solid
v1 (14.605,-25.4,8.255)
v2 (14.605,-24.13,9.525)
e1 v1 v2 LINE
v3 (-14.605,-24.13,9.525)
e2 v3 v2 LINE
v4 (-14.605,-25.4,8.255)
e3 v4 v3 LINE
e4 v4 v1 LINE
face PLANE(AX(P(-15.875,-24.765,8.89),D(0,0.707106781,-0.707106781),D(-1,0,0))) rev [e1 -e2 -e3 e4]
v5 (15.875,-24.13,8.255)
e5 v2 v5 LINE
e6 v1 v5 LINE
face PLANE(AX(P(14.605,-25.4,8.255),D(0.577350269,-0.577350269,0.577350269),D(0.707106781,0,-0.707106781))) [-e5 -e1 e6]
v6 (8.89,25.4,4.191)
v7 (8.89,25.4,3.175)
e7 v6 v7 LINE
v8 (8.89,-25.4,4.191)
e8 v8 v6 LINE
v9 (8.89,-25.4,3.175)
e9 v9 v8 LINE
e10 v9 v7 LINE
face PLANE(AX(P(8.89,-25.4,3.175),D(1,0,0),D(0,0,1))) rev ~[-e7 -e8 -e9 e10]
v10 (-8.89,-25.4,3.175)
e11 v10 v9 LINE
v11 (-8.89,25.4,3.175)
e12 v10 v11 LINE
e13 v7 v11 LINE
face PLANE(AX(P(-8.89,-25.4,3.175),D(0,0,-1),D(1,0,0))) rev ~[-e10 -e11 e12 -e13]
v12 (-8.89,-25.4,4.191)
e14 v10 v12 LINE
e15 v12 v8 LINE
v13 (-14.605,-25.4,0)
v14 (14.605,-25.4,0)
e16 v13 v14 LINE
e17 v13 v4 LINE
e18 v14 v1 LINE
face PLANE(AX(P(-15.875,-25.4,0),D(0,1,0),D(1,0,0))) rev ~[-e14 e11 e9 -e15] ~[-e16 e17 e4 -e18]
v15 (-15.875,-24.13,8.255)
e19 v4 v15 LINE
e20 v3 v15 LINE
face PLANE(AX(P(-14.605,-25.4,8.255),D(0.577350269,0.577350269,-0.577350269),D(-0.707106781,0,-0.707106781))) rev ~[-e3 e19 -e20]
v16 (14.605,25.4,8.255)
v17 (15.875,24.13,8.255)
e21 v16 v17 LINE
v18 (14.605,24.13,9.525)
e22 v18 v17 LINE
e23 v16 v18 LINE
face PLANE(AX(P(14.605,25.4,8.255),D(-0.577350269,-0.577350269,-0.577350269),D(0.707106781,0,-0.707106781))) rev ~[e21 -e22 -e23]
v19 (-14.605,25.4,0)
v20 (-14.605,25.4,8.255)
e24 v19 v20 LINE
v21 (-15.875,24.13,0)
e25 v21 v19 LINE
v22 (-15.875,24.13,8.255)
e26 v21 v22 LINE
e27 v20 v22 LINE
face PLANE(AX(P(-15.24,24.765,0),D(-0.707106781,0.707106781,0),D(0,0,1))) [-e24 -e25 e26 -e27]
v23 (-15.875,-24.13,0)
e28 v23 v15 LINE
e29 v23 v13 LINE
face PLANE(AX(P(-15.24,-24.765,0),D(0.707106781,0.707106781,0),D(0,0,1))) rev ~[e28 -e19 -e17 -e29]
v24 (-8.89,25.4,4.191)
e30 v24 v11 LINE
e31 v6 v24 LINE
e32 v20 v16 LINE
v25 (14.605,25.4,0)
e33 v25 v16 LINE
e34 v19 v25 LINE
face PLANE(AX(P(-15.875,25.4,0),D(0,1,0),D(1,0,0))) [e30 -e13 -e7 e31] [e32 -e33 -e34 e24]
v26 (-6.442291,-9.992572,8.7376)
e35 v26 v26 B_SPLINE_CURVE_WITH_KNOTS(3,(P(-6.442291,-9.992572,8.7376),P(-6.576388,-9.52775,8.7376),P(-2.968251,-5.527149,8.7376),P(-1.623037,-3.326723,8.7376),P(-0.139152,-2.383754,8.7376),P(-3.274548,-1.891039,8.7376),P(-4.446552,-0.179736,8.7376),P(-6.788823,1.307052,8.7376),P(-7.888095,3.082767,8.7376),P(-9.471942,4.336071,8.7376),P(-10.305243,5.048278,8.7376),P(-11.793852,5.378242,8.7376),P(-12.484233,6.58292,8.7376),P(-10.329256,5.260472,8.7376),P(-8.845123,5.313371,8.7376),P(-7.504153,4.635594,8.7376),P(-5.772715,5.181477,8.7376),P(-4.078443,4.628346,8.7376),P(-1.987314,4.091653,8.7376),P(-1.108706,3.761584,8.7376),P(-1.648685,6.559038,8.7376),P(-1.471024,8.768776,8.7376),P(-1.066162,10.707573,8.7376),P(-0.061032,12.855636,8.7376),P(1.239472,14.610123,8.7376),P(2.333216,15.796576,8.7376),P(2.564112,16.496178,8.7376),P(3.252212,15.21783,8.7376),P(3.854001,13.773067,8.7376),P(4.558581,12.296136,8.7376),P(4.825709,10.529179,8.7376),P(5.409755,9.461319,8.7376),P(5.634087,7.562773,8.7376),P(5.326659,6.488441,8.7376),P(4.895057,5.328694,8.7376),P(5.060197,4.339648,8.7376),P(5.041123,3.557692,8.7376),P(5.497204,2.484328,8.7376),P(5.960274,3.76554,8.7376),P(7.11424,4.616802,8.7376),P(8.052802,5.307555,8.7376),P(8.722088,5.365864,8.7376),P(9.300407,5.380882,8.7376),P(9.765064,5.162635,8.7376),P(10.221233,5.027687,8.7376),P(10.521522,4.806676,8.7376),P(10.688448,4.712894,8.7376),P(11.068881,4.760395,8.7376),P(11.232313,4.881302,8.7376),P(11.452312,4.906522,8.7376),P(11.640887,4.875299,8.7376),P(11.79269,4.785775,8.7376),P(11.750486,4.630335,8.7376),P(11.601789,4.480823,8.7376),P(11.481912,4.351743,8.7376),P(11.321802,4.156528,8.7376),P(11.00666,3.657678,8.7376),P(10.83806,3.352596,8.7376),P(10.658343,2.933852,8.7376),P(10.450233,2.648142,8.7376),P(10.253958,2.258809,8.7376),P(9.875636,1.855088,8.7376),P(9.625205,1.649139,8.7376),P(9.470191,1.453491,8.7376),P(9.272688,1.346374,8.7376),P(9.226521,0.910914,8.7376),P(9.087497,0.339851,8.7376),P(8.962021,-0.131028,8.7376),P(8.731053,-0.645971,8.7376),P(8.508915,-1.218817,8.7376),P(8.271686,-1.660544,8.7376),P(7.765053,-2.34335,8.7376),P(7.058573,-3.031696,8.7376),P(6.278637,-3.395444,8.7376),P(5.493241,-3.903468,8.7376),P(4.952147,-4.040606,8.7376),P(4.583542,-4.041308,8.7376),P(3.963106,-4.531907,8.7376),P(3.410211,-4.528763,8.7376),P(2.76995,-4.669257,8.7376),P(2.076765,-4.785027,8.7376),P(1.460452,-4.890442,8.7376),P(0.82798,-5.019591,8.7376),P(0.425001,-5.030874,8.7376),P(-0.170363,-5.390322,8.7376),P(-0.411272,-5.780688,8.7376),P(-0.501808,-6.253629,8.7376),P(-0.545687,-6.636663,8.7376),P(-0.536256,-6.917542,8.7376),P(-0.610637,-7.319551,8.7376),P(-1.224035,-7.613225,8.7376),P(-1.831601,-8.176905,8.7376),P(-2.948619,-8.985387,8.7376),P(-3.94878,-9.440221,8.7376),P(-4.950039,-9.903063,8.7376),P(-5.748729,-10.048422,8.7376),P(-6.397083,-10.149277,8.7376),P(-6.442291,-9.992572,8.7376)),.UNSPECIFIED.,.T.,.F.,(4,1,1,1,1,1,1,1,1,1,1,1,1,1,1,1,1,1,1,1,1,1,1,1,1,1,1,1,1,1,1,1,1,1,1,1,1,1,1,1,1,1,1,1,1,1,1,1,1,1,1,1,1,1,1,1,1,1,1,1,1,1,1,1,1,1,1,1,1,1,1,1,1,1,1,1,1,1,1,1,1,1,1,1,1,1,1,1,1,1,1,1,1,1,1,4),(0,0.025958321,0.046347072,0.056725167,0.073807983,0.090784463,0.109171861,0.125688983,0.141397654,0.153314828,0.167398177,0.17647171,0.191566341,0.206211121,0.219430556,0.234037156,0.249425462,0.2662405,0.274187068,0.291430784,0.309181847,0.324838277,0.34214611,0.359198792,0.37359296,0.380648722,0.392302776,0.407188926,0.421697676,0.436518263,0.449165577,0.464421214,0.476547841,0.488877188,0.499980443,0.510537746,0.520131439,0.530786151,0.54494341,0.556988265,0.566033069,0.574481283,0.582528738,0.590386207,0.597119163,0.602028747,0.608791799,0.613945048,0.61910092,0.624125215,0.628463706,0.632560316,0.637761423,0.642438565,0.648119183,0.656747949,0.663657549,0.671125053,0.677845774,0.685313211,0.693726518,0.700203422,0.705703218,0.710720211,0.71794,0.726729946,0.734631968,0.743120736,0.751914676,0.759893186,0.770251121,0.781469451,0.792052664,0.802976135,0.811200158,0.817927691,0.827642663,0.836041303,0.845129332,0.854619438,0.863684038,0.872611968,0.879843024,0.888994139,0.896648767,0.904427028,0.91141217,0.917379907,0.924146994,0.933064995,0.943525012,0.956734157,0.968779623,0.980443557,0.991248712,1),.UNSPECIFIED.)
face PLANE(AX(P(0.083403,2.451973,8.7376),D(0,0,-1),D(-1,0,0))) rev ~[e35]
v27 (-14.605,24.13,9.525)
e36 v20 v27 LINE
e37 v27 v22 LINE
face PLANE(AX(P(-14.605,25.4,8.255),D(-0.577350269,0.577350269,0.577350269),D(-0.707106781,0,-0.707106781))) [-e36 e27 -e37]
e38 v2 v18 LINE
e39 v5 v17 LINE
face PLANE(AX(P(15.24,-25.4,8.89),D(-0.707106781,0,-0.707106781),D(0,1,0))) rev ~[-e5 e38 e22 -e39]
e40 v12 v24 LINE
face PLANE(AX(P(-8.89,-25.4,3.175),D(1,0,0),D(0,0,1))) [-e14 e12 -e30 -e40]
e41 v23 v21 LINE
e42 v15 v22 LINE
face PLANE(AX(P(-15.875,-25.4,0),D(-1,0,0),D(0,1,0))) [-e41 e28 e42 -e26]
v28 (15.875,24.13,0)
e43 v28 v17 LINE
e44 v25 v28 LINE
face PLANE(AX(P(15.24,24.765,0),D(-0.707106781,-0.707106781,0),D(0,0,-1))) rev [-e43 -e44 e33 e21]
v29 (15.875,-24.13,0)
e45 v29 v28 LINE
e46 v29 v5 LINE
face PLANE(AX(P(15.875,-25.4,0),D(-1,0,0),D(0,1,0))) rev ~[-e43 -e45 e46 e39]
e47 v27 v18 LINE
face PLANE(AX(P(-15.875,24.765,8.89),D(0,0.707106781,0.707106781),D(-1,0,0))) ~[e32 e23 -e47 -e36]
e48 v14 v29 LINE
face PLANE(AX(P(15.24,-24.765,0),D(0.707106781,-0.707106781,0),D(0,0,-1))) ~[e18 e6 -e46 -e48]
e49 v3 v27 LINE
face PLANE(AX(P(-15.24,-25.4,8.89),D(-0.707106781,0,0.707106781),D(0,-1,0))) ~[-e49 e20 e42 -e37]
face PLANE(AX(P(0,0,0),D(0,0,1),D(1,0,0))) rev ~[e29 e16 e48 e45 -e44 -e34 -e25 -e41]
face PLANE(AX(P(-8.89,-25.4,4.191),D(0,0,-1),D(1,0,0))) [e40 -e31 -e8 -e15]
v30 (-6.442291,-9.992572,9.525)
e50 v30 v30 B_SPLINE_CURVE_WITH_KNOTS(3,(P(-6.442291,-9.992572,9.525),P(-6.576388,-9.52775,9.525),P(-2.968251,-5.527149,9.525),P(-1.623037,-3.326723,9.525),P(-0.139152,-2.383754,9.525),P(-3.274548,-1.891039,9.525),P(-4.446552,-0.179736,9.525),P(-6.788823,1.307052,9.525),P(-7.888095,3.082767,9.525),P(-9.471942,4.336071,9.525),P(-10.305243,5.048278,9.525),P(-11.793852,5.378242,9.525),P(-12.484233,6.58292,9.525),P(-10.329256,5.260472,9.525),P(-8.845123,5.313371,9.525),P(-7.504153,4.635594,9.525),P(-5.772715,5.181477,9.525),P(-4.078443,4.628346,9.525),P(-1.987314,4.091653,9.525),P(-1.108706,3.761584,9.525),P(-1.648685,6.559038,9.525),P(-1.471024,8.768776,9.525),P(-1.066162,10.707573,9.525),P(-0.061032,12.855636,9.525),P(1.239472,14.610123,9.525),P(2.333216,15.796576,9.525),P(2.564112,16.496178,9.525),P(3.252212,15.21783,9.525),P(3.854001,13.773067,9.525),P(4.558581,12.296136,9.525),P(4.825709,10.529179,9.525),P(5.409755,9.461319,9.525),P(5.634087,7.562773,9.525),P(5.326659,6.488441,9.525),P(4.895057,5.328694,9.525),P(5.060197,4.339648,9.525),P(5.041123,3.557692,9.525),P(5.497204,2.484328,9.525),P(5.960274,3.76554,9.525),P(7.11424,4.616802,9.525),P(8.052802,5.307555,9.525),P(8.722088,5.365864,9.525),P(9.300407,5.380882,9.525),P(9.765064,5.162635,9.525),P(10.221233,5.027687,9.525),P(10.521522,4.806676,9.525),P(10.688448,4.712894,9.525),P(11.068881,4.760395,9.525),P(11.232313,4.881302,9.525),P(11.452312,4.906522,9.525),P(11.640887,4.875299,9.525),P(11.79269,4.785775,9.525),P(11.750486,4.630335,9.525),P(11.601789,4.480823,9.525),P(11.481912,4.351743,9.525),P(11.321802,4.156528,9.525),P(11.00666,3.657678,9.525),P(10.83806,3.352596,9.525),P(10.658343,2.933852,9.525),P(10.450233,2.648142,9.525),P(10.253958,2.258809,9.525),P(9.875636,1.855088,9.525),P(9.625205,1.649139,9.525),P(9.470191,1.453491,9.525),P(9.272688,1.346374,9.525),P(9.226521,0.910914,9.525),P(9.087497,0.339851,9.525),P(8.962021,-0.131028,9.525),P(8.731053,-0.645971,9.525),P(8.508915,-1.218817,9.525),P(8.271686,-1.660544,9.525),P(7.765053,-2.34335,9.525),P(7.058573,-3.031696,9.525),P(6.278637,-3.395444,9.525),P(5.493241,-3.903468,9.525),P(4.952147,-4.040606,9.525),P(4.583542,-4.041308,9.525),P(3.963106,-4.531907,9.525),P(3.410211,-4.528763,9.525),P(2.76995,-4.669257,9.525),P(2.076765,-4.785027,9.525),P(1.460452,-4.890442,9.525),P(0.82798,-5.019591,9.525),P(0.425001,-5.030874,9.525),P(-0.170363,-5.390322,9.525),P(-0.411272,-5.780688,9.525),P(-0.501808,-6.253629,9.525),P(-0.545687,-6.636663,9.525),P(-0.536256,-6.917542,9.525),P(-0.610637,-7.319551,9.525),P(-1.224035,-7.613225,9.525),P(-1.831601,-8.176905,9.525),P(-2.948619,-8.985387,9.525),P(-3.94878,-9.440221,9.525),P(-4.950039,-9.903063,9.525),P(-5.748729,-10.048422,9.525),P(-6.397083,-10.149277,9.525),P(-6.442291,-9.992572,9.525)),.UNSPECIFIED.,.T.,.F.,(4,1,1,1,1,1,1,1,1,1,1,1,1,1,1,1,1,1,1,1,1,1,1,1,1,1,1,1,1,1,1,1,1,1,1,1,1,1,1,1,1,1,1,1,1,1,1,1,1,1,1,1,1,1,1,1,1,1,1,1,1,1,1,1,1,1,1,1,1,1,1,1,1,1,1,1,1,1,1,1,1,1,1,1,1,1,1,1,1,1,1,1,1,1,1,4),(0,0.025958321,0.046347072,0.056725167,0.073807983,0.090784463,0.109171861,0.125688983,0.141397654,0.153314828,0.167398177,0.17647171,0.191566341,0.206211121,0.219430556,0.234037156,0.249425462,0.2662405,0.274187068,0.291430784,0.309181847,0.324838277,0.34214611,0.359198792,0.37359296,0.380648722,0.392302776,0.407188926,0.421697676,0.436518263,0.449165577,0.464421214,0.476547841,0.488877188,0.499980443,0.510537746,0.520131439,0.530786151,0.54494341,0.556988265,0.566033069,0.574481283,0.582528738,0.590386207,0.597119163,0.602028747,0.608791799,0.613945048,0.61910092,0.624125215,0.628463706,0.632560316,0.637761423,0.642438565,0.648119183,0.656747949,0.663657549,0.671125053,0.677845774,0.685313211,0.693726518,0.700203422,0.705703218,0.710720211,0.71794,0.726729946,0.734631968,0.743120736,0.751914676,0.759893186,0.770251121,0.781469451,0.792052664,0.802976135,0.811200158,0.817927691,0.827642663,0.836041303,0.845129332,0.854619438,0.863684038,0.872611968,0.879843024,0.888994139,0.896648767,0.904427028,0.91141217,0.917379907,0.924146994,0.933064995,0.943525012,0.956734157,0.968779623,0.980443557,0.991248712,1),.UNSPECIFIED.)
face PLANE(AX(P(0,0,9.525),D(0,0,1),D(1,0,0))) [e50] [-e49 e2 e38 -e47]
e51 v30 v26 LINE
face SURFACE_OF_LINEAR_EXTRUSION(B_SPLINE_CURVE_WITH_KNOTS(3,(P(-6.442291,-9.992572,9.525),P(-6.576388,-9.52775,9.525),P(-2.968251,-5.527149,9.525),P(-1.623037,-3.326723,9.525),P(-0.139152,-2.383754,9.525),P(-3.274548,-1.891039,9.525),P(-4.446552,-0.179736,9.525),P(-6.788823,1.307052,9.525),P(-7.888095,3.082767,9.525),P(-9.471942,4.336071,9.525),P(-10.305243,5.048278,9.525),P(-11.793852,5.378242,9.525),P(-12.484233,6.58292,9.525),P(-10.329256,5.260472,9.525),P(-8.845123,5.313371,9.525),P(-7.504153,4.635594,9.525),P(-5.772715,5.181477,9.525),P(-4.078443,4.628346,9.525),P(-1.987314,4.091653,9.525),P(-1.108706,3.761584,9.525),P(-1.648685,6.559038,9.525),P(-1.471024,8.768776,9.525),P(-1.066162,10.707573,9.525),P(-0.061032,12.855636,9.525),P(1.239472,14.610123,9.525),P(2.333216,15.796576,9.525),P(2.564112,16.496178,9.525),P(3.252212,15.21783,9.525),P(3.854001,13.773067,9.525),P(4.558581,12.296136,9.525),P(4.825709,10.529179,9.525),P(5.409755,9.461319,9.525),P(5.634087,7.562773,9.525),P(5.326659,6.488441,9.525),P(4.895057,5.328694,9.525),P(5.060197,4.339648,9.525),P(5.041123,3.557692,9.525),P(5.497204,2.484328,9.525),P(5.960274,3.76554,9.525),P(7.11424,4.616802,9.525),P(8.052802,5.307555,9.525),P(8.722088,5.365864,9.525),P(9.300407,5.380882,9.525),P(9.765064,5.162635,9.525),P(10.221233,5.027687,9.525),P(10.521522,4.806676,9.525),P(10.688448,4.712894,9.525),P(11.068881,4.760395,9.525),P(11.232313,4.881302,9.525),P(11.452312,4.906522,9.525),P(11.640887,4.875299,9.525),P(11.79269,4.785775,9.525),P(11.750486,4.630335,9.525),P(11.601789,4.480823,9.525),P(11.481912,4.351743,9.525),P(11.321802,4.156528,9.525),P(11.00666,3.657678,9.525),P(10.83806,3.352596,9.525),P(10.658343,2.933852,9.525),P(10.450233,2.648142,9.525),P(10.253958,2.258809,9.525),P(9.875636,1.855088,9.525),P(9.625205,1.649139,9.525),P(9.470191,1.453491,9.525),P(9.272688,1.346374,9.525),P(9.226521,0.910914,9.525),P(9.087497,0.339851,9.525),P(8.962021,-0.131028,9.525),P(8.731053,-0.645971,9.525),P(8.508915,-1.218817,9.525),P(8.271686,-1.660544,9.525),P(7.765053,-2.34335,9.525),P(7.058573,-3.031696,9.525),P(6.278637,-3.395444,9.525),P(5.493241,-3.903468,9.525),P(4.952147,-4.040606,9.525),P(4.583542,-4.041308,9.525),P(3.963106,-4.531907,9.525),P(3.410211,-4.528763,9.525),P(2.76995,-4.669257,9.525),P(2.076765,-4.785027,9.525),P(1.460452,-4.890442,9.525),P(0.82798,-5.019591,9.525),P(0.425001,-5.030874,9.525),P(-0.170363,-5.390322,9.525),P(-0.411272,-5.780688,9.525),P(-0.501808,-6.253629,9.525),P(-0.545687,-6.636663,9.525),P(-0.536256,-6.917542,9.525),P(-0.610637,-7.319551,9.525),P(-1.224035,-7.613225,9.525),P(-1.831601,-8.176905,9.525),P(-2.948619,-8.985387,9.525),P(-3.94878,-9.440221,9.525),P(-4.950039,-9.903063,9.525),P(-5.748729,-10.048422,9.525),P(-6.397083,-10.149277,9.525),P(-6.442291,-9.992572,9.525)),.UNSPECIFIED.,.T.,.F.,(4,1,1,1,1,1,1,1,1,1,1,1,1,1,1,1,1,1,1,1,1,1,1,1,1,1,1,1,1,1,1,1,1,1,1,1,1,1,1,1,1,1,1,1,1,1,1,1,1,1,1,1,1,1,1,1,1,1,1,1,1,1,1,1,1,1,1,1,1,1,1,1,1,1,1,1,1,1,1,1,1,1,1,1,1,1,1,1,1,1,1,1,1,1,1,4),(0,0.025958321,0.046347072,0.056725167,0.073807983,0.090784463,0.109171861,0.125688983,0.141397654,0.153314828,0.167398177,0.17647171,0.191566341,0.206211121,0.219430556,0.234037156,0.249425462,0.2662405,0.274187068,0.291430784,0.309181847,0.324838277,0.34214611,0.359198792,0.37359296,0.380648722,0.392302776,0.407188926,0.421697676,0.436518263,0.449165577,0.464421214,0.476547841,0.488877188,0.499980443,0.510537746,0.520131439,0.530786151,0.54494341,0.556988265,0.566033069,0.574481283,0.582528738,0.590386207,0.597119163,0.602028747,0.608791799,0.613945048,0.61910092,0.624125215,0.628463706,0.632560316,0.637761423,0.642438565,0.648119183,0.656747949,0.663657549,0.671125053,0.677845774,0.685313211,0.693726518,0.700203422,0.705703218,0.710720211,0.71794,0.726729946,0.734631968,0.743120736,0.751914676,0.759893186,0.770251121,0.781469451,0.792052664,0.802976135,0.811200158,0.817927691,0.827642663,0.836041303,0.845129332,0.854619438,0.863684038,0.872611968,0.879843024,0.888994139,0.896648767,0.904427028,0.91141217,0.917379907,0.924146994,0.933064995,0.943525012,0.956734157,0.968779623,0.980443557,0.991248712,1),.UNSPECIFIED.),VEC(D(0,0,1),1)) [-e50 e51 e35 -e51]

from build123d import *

# Parameters (mm, degrees)
F0_W     = 31.75
F0_H     = 50.8
F1_DEPTH = 9.525
F2_W     = 17.78
F2_H     = 1.016
F3_DEPTH = 58.42
F4_SIZE  = 1.27
F7_DEPTH = 0.7874


with BuildPart() as f1:
    # F0 (on Top) → F1 (new body)
    with BuildSketch(Plane.XY):
        Rectangle(F0_W, F0_H)
    extrude(amount=F1_DEPTH)

    # F2 (on face) → F3 (cut)
    with BuildSketch(Plane.XZ.offset(25.4)):
        with Locations((0, 3.683)):
            Rectangle(F2_W, F2_H)
    extrude(amount=-F3_DEPTH, mode=Mode.SUBTRACT)

    # F4
    f4_edges = [f1.edges().sort_by_distance(p)[0] for p in [
        (-15.875, 0, 9.525),
        (15.875, 0, 9.525),
        (0, -25.4, 9.525),
        (0, 25.4, 9.525),
        (-15.875, -25.4, 4.7625),
        (-15.875, 25.4, 4.7625),
        (15.875, 25.4, 4.7625),
        (15.875, -25.4, 4.7625),
    ]]
    chamfer(f4_edges, length=F4_SIZE)

    # F6 (on face) → F7 (cut)
    with BuildSketch(Plane.XY.offset(9.525)):
        with BuildLine():
            add(Edge.make_bspline(
                [(-6.4422910614, -9.992572479), (-6.576387638, -9.5277504866), (-2.9682513045, -5.5271485494), (-1.6230370241, -3.3267226029), (-0.1391517651, -2.3837543589), (-3.2745475931, -1.8910386002), (-4.4465516447, -0.1797364285), (-6.7888228815, 1.3070519976), (-7.888095117, 3.0827671512), (-9.4719419101, 4.3360710627), (-10.3052427191, 5.0482783915), (-11.7938524336, 5.3782417952), (-12.4842332356, 6.5829203), (-10.32925606, 5.2604715213), (-8.8451225007, 5.3133712001), (-7.5041527627, 4.6355935651), (-5.7727147566, 5.1814768448), (-4.0784426049, 4.6283461923), (-1.9873135315, 4.0916530706), (-1.108705884, 3.7615835829), (-1.6486852677, 6.5590375218), (-1.4710237672, 8.7687761974), (-1.0661623991, 10.7075732038), (-0.0610322166, 12.855636179), (1.2394716743, 14.6101225048), (2.3332163777, 15.7965761736), (2.5641123266, 16.4961779341), (3.252212115, 15.2178296727), (3.8540014355, 13.7730672833), (4.5585807656, 12.2961361883), (4.8257092414, 10.5291786991), (5.4097550677, 9.4613192433), (5.6340869151, 7.5627733225), (5.3266594346, 6.4884408338), (4.8950565869, 5.3286938068), (5.0601967769, 4.3396482601), (5.041123295, 3.5576924459), (5.4972037108, 2.4843281805), (5.9602740046, 3.7655404276), (7.1142399283, 4.6168015862), (8.0528024254, 5.3075552814), (8.7220878624, 5.3658636167), (9.3004070886, 5.380882436), (9.765063634, 5.1626351357), (10.2212334129, 5.0276867702), (10.521522363, 4.8066763864), (10.6884480245, 4.7128941565), (11.0688814513, 4.7603953024), (11.2323128826, 4.8813015119), (11.4523118748, 4.9065218961), (11.6408865133, 4.8752991874), (11.7926899892, 4.7857749875), (11.750485731, 4.6303349314), (11.6017892672, 4.4808231583), (11.4819118772, 4.3517434996), (11.3218017, 4.1565276582), (11.0066595601, 3.657677632), (10.8380601263, 3.3525955918), (10.6583433698, 2.933851586), (10.4502325895, 2.6481420558), (10.2539582326, 2.2588087396), (9.8756355327, 1.8550879004), (9.6252045102, 1.6491392204), (9.4701910215, 1.4534911373), (9.2726879661, 1.3463737098), (9.2265213781, 0.9109138219), (9.0874966435, 0.3398509189), (8.9620205457, -0.1310281139), (8.7310528775, -0.6459707167), (8.5089153347, -1.2188165983), (8.2716856279, -1.660544323), (7.7650531821, -2.3433500022), (7.058572815, -3.0316958873), (6.2786373328, -3.3954442295), (5.4932410272, -3.9034684174), (4.9521468897, -4.0406062951), (4.5835422446, -4.0413084885), (3.9631062689, -4.5319073147), (3.4102105666, -4.5287631488), (2.7699499357, -4.6692566402), (2.0767651322, -4.7850268217), (1.4604520985, -4.8904421235), (0.8279800508, -5.0195910317), (0.4250010726, -5.0308740722), (-0.1703625544, -5.390322009), (-0.4112720451, -5.780687892), (-0.5018080947, -6.2536290481), (-0.5456870856, -6.6366625746), (-0.5362555398, -6.9175416952), (-0.6106373398, -7.3195509206), (-1.2240352375, -7.6132252976), (-1.8316007812, -8.1769049773), (-2.9486193154, -8.9853873298), (-3.9487797942, -9.4402211085), (-4.9500394796, -9.9030628486), (-5.7487292428, -10.0484224765), (-6.397083294, -10.1492771843), (-6.4422910614, -9.992572479)],
                knots=[0, 0, 0, 0, 0.0259583215, 0.0463470715, 0.0567251674, 0.0738079829, 0.0907844627, 0.1091718607, 0.1256889827, 0.1413976537, 0.1533148285, 0.1673981773, 0.17647171, 0.1915663411, 0.2062111205, 0.2194305564, 0.2340371558, 0.2494254623, 0.2662405005, 0.2741870684, 0.2914307839, 0.3091818467, 0.3248382765, 0.3421461096, 0.3591987917, 0.37359296, 0.3806487222, 0.3923027758, 0.4071889257, 0.4216976763, 0.4365182631, 0.4491655771, 0.4644212141, 0.4765478409, 0.4888771884, 0.4999804433, 0.5105377457, 0.5201314395, 0.5307861511, 0.5449434096, 0.5569882646, 0.5660330692, 0.5744812832, 0.5825287377, 0.5903862073, 0.5971191632, 0.602028747, 0.6087917991, 0.6139450483, 0.6191009197, 0.6241252147, 0.6284637057, 0.6325603162, 0.6377614234, 0.6424385646, 0.6481191834, 0.6567479492, 0.6636575486, 0.671125053, 0.6778457736, 0.6853132107, 0.6937265181, 0.7002034218, 0.7057032178, 0.7107202105, 0.7179400004, 0.7267299464, 0.7346319678, 0.7431207361, 0.7519146763, 0.7598931863, 0.7702511207, 0.7814694511, 0.7920526642, 0.8029761348, 0.8112001577, 0.8179276915, 0.8276426626, 0.836041303, 0.8451293318, 0.8546194381, 0.8636840382, 0.872611968, 0.8798430239, 0.8889941392, 0.8966487669, 0.9044270279, 0.9114121696, 0.9173799068, 0.9241469938, 0.9330649947, 0.9435250122, 0.9567341565, 0.9687796228, 0.9804435568, 0.991248712, 1, 1, 1, 1], degree=3))
        make_face()
    extrude(amount=-F7_DEPTH, mode=Mode.SUBTRACT)


solid = f1.part
